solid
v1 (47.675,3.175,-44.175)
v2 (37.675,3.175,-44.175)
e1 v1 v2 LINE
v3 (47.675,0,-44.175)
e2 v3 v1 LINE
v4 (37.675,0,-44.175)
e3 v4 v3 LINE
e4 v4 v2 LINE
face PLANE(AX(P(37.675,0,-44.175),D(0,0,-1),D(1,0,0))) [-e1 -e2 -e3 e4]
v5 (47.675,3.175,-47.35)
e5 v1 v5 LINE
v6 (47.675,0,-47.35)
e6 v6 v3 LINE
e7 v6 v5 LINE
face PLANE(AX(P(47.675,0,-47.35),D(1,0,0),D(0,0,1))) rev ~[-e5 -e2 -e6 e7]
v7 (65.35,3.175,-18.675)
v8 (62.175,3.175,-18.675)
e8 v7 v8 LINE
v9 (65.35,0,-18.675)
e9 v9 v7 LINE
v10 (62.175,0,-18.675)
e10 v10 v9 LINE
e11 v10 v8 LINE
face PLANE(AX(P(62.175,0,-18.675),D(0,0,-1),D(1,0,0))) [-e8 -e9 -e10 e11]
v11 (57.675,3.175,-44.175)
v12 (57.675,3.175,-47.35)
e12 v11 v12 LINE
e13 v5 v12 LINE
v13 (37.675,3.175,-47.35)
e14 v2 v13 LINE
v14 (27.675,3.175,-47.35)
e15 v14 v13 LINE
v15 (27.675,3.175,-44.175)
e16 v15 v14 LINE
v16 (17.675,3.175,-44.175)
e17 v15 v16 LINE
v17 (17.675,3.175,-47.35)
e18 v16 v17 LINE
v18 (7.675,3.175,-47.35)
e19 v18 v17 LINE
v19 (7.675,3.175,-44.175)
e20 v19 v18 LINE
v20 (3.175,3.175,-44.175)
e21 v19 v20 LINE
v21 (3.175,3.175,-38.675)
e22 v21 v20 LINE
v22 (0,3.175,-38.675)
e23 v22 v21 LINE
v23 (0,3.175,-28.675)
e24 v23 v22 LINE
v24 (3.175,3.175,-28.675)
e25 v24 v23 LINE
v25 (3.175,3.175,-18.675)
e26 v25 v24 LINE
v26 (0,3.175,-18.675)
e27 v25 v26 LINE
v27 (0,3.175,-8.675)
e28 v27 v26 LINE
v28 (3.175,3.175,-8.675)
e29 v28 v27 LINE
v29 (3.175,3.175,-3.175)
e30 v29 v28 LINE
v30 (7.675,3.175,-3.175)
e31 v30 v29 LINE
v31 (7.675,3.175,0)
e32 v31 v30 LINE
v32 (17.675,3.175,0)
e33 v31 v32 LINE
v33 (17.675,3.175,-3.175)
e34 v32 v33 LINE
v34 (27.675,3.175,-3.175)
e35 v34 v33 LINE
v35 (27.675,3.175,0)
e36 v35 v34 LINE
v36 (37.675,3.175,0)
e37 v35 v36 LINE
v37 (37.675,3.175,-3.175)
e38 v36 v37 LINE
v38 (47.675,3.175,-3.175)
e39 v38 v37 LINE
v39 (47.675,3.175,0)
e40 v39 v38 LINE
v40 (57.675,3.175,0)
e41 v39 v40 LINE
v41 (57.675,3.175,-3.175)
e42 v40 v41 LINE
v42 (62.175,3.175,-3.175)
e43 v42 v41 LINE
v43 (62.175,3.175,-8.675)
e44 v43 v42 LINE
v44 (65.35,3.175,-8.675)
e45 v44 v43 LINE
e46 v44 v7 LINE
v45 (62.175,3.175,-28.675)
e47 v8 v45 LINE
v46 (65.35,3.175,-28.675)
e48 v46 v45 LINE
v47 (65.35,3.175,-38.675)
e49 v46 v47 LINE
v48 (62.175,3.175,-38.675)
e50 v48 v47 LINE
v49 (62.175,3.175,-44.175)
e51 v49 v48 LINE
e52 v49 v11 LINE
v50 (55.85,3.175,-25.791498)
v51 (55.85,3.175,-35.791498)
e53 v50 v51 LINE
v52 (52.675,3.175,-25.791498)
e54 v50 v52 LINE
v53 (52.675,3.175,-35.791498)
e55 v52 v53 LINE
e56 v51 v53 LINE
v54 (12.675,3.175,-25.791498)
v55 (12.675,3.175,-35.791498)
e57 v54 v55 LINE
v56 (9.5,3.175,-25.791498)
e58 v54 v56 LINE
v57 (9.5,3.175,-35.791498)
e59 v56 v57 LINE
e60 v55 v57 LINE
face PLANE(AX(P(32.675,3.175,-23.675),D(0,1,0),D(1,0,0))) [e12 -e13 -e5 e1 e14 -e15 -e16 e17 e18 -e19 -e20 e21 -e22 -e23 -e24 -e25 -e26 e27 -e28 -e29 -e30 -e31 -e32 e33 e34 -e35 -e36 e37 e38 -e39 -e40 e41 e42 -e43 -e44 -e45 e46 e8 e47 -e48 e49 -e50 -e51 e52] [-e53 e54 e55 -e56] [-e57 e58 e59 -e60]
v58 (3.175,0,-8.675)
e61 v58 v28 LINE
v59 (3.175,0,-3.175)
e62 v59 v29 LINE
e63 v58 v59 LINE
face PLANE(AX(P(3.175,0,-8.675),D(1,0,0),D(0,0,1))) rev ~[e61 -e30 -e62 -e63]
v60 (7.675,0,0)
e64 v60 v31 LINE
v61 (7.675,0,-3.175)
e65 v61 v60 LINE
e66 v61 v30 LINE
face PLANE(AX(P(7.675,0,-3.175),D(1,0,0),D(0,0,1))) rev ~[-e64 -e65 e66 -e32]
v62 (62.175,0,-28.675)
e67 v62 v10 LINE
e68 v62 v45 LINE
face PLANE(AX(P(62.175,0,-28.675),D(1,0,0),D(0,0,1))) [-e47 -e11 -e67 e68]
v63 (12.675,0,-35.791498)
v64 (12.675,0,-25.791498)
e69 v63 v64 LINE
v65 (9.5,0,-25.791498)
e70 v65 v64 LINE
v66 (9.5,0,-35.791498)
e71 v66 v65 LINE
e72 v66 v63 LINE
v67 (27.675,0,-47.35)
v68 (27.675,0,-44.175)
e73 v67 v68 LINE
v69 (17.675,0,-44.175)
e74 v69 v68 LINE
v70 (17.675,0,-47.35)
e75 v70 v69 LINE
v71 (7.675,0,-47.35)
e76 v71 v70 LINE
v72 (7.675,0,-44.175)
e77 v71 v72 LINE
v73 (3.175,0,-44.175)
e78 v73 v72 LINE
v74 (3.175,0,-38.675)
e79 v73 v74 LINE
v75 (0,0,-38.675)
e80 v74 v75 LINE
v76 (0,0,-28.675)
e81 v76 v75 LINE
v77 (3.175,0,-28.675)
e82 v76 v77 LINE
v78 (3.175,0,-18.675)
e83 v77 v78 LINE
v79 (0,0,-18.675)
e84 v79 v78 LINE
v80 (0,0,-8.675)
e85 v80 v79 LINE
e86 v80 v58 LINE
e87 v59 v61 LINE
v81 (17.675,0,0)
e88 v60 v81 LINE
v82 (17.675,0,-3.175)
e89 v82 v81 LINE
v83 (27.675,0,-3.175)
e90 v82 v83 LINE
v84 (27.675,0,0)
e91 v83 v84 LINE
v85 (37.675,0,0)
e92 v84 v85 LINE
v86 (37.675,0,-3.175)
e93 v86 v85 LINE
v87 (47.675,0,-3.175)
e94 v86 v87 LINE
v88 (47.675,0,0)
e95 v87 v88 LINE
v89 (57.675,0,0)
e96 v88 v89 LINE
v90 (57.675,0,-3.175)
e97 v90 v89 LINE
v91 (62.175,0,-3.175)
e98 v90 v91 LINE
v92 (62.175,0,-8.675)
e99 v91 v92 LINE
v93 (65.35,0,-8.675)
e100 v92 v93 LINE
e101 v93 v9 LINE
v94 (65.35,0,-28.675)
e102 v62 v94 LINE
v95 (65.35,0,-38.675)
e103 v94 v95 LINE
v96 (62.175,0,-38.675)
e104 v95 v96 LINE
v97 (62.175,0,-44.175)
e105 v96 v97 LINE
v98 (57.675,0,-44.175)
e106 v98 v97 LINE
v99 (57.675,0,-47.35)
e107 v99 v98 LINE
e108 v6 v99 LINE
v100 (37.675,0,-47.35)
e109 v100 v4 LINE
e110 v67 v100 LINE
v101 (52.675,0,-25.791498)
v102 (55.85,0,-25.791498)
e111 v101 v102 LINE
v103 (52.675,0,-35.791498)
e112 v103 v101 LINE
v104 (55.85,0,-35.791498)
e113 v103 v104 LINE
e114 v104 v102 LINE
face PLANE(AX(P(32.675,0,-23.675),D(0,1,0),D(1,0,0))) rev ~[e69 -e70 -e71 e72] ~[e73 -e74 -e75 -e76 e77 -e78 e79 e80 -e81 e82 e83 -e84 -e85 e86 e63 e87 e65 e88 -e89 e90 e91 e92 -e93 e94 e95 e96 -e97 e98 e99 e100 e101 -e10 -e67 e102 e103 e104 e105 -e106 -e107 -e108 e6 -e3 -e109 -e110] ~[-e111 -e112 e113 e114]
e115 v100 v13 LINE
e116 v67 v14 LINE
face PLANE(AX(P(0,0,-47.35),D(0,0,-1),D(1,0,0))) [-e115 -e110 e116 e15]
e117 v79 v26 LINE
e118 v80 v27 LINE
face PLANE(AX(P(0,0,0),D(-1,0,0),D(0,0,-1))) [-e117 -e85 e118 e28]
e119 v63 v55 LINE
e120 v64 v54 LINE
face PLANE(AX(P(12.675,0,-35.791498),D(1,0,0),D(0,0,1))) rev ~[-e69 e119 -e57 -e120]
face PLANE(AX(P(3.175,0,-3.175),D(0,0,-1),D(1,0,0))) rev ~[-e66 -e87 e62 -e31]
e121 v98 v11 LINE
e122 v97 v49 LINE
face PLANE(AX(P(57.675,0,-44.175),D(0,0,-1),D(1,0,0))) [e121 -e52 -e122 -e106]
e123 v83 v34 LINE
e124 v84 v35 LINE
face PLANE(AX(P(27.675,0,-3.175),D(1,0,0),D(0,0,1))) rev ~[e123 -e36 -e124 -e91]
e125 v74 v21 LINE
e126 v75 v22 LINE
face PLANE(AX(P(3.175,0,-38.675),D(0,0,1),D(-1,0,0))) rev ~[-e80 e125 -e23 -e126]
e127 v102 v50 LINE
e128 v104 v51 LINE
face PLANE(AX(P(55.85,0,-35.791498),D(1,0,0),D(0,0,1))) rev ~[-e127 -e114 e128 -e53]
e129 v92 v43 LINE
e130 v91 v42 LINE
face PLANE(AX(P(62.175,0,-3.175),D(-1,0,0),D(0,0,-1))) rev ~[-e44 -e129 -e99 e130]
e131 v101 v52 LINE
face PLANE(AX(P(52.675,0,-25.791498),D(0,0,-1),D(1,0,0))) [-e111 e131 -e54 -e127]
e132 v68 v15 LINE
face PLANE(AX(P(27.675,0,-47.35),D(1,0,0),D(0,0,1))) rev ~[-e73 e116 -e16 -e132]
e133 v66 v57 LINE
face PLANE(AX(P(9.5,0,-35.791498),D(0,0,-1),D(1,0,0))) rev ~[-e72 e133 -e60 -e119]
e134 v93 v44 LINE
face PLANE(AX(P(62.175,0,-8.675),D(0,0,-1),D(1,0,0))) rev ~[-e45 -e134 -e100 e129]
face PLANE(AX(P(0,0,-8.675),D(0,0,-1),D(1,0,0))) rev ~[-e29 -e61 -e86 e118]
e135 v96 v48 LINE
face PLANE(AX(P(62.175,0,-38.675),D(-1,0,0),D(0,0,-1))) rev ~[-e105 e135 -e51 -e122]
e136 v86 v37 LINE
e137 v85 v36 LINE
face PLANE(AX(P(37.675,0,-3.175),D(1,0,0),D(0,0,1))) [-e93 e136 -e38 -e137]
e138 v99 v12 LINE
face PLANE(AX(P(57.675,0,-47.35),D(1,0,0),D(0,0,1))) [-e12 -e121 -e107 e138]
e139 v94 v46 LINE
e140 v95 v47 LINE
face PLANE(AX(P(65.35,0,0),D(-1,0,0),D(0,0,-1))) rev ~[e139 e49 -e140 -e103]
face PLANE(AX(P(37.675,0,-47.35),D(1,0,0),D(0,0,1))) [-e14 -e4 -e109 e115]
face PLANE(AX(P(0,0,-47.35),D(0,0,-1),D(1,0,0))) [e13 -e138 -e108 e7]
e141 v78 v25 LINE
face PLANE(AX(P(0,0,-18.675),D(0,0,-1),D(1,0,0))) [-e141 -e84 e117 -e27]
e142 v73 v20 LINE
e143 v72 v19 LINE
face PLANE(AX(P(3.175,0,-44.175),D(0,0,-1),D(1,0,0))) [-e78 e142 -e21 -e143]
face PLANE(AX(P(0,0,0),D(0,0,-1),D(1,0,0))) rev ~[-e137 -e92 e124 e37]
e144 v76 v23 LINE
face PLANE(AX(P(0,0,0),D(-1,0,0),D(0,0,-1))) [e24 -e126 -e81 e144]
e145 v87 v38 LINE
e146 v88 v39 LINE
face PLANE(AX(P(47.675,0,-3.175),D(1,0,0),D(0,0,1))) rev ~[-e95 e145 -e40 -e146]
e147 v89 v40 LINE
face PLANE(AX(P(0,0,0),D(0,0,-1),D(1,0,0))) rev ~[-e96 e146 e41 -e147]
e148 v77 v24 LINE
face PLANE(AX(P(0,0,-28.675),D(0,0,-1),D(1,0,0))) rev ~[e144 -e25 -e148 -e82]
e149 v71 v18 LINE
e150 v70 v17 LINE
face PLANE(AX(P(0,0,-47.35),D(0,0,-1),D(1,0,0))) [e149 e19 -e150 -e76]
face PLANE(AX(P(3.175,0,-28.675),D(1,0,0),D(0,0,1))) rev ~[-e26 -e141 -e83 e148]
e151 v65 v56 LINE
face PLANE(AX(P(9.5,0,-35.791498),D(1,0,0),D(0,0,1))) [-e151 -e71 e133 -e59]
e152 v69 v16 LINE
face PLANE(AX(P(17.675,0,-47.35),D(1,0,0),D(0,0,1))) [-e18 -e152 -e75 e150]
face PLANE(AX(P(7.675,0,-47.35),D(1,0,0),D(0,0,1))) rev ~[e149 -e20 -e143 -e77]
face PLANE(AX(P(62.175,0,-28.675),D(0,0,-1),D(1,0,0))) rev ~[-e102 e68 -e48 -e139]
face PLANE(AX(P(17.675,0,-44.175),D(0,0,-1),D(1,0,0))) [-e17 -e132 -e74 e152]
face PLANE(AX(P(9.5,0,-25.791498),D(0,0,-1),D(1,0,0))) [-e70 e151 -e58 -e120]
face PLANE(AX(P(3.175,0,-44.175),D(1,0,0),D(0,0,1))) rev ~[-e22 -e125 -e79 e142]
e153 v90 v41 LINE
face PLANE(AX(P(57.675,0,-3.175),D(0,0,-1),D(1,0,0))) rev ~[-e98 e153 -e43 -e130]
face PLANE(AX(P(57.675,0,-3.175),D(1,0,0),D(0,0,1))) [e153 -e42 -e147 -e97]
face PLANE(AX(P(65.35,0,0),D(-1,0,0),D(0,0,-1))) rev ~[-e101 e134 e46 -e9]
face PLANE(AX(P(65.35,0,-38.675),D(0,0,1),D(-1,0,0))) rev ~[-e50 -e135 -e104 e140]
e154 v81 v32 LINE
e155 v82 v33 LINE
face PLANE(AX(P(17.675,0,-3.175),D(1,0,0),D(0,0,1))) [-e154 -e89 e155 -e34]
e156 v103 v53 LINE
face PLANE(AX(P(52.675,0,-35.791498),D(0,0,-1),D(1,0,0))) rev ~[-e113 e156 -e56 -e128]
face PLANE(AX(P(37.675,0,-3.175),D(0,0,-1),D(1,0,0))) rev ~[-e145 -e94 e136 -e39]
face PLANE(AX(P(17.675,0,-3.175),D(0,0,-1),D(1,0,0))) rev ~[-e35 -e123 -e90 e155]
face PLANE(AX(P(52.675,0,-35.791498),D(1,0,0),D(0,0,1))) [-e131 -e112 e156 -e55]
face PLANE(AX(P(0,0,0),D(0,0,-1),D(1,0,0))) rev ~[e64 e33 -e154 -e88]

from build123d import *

# Parameters (mm, degrees)
SKETCH1_W           = 65.35
SKETCH1_H           = 47.35
BOSS_EXTRUDE1_DEPTH = 3.175
SKETCH2_W           = 4.5
SKETCH2_H           = 3.175
SKETCH2_W_2         = 3.175
SKETCH2_H_2         = 10
SKETCH2_W_3         = 10
CUT_EXTRUDE1_DEPTH  = 4.175
SKETCH3_W           = 3.175
SKETCH3_H           = 10
CUT_EXTRUDE2_DEPTH  = 4.175


with BuildPart() as part:
    # Sketch1 → Boss-Extrude1 (new body)
    with BuildSketch(Plane(origin=(0, 0, 0), x_dir=(1, 0, 0), z_dir=(0, 1, 0))):
        with Locations((32.675, 23.675)):
            Rectangle(SKETCH1_W, SKETCH1_H)
    extrude(amount=BOSS_EXTRUDE1_DEPTH)

    # Sketch2 → Cut-Extrude1 (cut, through all)
    with BuildSketch(Plane.XZ):
        with Locations((59.925, -45.7625)):
            Rectangle(SKETCH2_W, SKETCH2_H)
        Polygon((65.35, -38.675), (62.175, -38.675), (62.175, -44.175), (62.175, -47.35), (65.35, -47.35), align=None)
        with Locations((63.7625, -23.675)):
            Rectangle(SKETCH2_W_2, SKETCH2_H_2)
        Polygon((62.175, -8.675), (65.35, -8.675), (65.35, 0), (62.175, 0), (62.175, -3.175), align=None)
        with Locations((59.925, -1.5875)):
            Rectangle(SKETCH2_W, SKETCH2_H)
        with Locations((42.675, -1.5875)):
            Rectangle(SKETCH2_W_3, SKETCH2_H)
        with Locations((42.675, -45.7625)):
            Rectangle(SKETCH2_W_3, SKETCH2_H)
        with Locations((22.675, -45.7625)):
            Rectangle(SKETCH2_W_3, SKETCH2_H)
        with Locations((5.425, -45.7625)):
            Rectangle(SKETCH2_W, SKETCH2_H)
        Polygon((0, -47.35), (3.175, -47.35), (3.175, -44.175), (3.175, -38.675), (0, -38.675), align=None)
        with Locations((1.5875, -23.675)):
            Rectangle(SKETCH2_W_2, SKETCH2_H_2)
        Polygon((3.175, -3.175), (3.175, 0), (0, 0), (0, -8.675), (3.175, -8.675), align=None)
        with Locations((5.425, -1.5875)):
            Rectangle(SKETCH2_W, SKETCH2_H)
        with Locations((22.675, -1.5875)):
            Rectangle(SKETCH2_W_3, SKETCH2_H)
    extrude(amount=-CUT_EXTRUDE1_DEPTH, mode=Mode.SUBTRACT)

    # Sketch3 → Cut-Extrude2 (cut, through all)
    with BuildSketch(Plane.XZ):
        with Locations((54.2625, -30.791497658)):
            Rectangle(SKETCH3_W, SKETCH3_H)
        with Locations((11.0875, -30.791497658)):
            Rectangle(SKETCH3_W, SKETCH3_H)
    extrude(amount=-CUT_EXTRUDE2_DEPTH, mode=Mode.SUBTRACT)


solid = part.part
